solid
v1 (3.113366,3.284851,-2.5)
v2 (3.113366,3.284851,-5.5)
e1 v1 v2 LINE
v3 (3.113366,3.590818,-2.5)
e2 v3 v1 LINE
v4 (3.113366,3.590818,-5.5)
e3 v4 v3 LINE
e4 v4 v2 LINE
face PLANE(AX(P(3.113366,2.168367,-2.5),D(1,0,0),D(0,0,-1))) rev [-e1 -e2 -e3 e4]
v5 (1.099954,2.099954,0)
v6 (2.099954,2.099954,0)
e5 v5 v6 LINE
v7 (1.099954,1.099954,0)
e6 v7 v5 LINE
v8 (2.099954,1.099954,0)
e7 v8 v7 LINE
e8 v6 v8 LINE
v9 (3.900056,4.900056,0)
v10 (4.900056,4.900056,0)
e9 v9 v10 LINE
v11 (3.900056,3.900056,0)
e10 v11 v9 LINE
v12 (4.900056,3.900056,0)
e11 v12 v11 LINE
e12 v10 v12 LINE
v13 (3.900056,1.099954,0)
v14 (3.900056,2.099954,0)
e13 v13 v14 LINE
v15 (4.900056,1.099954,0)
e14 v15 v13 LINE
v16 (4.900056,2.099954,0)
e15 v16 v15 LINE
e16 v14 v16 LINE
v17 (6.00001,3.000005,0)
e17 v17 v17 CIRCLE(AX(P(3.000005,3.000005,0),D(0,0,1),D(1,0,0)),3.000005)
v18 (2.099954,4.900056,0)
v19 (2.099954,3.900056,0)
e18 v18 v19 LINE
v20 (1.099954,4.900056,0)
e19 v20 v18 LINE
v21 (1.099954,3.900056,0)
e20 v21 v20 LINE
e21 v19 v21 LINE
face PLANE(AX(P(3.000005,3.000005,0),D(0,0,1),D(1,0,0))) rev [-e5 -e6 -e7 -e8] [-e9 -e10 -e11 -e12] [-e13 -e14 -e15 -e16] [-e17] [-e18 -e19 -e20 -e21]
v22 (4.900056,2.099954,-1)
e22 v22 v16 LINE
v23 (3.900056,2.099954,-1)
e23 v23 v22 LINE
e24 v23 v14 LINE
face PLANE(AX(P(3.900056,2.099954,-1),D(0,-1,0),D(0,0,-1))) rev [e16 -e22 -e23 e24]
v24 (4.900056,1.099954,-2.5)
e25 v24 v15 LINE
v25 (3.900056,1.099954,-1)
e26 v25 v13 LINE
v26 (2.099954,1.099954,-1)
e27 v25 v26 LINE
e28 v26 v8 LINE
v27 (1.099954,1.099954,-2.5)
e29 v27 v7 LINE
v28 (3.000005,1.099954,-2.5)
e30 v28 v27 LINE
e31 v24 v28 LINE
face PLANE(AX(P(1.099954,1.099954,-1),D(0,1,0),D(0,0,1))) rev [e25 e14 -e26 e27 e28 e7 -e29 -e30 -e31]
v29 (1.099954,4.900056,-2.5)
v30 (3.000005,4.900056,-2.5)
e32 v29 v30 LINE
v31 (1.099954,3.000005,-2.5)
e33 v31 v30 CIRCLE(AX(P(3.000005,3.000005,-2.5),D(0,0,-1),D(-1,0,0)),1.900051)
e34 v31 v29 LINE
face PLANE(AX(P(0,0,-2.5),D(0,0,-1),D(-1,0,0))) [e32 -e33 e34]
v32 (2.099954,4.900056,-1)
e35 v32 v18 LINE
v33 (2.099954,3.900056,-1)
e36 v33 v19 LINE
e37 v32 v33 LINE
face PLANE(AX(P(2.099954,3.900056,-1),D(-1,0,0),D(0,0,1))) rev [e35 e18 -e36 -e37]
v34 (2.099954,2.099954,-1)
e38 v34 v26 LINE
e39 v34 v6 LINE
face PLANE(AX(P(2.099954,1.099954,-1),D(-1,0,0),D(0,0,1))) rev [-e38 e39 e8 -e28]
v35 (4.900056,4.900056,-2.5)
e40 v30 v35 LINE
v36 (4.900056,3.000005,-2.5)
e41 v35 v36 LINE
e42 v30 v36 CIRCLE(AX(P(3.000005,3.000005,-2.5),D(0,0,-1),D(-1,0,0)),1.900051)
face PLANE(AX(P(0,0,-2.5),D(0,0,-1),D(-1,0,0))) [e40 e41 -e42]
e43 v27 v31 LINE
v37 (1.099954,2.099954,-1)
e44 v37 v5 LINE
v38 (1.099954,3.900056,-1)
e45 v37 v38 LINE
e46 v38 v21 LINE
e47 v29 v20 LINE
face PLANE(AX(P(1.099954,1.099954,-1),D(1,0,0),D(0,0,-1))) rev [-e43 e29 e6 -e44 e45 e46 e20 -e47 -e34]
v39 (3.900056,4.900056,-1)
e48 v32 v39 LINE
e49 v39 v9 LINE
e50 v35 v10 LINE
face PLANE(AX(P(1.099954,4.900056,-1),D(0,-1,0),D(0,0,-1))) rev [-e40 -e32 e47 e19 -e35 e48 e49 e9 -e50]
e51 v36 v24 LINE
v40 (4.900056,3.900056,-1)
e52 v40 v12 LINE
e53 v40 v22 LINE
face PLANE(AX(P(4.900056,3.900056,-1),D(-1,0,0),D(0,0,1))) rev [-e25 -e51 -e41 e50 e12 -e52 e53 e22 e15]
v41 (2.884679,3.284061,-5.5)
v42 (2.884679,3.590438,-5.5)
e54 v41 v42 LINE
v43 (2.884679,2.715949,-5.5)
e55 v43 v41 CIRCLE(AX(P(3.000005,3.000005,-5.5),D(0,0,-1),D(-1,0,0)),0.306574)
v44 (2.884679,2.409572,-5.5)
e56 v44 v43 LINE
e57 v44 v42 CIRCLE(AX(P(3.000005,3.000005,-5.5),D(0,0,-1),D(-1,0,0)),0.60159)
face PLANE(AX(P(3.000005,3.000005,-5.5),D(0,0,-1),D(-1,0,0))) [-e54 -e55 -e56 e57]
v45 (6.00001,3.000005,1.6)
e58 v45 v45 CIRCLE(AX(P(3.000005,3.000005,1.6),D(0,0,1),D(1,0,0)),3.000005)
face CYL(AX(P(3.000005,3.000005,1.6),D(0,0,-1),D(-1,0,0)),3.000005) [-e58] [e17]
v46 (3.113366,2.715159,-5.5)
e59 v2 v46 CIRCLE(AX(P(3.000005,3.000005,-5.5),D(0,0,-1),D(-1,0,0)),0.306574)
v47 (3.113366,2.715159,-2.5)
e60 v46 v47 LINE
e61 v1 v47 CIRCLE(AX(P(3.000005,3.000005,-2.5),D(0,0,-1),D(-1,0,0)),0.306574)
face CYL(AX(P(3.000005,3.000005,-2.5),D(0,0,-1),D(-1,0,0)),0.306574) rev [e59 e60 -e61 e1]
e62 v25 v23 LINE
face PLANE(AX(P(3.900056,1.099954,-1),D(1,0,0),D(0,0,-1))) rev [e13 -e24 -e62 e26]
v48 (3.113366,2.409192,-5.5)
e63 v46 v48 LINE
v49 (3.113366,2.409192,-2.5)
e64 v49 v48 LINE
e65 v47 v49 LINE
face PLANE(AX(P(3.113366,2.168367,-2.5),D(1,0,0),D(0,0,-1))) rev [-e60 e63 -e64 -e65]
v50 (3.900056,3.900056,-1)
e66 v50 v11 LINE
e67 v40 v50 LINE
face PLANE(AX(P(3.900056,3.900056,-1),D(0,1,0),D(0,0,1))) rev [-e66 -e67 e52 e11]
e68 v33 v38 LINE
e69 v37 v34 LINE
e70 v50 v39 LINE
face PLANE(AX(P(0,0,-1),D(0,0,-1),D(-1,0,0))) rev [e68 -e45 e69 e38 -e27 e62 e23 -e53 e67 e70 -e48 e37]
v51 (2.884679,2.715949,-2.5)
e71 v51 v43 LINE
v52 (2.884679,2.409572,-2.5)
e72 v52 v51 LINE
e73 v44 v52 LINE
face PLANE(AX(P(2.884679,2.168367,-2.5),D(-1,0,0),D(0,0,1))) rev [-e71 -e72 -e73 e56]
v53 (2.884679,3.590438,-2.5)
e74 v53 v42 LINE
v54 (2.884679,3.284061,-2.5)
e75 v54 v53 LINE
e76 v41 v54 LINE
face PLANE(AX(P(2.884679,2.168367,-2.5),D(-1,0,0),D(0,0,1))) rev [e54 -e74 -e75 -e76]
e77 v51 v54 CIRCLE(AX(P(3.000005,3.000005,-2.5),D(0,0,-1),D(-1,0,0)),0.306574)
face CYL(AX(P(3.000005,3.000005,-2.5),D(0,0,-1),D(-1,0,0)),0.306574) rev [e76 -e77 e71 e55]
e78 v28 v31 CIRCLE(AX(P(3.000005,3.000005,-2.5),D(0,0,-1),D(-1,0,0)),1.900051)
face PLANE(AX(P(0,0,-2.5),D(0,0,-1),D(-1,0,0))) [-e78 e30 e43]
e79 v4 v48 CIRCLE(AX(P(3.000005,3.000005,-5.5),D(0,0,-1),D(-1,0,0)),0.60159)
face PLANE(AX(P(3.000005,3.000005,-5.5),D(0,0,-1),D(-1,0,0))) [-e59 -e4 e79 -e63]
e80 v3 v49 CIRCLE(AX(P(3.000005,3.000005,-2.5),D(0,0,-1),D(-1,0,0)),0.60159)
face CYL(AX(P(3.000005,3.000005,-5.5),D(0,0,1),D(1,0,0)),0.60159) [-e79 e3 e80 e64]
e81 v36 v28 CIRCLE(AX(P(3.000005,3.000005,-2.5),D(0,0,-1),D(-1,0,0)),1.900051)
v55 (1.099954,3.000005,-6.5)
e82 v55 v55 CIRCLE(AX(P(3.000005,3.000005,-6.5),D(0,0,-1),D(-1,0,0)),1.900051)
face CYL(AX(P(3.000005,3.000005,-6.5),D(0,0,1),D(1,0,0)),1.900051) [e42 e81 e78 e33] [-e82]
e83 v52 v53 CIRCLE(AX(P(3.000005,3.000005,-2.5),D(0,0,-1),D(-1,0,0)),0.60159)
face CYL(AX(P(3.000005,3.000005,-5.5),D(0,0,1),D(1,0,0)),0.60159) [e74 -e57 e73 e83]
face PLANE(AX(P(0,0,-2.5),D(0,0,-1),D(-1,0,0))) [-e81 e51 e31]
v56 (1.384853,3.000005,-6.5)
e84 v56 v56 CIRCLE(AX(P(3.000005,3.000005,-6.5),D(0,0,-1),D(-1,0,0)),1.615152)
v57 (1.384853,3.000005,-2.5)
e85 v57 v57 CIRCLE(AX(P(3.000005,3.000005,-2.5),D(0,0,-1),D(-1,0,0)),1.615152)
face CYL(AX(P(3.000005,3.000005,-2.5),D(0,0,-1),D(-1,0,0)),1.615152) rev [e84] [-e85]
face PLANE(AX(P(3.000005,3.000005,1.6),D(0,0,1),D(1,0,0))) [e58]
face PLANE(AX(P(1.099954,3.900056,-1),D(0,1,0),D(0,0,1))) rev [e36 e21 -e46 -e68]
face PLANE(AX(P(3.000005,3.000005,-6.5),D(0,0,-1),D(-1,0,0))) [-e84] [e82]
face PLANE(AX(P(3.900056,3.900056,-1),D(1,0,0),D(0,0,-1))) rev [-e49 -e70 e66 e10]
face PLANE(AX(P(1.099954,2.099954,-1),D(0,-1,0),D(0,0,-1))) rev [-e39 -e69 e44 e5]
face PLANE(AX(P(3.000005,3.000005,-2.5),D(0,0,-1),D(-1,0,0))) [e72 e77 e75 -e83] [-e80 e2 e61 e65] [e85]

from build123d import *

# Parameters (mm, degrees)
SKETCH_3_R          = 3.00000508
EXTRUDE_1_DEPTH     = 1.6
SKETCH_4_W          = 1
SKETCH_4_H          = 1
EXTRUDE_2_DEPTH     = 1
SKETCH_5_W          = 3.8001016
SKETCH_5_H          = 3.8001016
EXTRUDE_3_DEPTH     = 1.5
SKETCH_6_R          = 1.9000508
EXTRUDE_4_DEPTH     = 4
SKETCH_7_R          = 1.615152196
CUT_EXTRUDE_1_DEPTH = 4
SKETCH_8_R          = 0.601590178
EXTRUDE_5_DEPTH     = 3
SKETCH_9_R          = 0.306574413
CUT_EXTRUDE_2_DEPTH = 3
SKETCH_10_W         = 0.228686602
SKETCH_10_H         = 1.655690995
CUT_EXTRUDE_3_DEPTH = 3


with BuildPart() as part:
    # 草图3 → 凸台-拉伸1 (new body)
    with BuildSketch(Plane.XY):
        with Locations((3.00000508, 3.00000508)):
            Circle(SKETCH_3_R)
    extrude(amount=EXTRUDE_1_DEPTH)

    # 草图4 → 凸台-拉伸2 (add)
    with BuildSketch(Plane(origin=(0, 0, 0), x_dir=(-1, 0, 0), z_dir=(0, 0, -1))):
        with Locations((-1.59995428, 1.59995428)):
            Rectangle(SKETCH_4_W, SKETCH_4_H)
        with Locations((-1.59995428, 4.40005588)):
            Rectangle(SKETCH_4_W, SKETCH_4_H)
        with Locations((-4.40005588, 4.40005588)):
            Rectangle(SKETCH_4_W, SKETCH_4_H)
        with Locations((-4.40005588, 1.59995428)):
            Rectangle(SKETCH_4_W, SKETCH_4_H)
    extrude(amount=EXTRUDE_2_DEPTH)

    # 草图5 → 凸台-拉伸3 (add)
    with BuildSketch(Plane(origin=(0, 0, -1), x_dir=(-1, 0, 0), z_dir=(0, 0, -1))):
        with Locations((-3.00000508, 3.00000508)):
            Rectangle(SKETCH_5_W, SKETCH_5_H)
    extrude(amount=EXTRUDE_3_DEPTH)

    # 草图6 → 凸台-拉伸4 (add)
    with BuildSketch(Plane(origin=(0, 0, -2.5), x_dir=(-1, 0, 0), z_dir=(0, 0, -1))):
        with Locations((-3.00000508, 3.00000508)):
            Circle(SKETCH_6_R)
    extrude(amount=EXTRUDE_4_DEPTH)

    # 草图7 → 切除-拉伸1 (cut)
    with BuildSketch(Plane(origin=(0, 0, -6.5), x_dir=(-1, 0, 0), z_dir=(0, 0, -1))):
        with Locations((-3.00000508, 3.00000508)):
            Circle(SKETCH_7_R)
    extrude(amount=-CUT_EXTRUDE_1_DEPTH, mode=Mode.SUBTRACT)

    # 草图8 → 凸台-拉伸5 (add)
    with BuildSketch(Plane(origin=(0, 0, -2.5), x_dir=(-1, 0, 0), z_dir=(0, 0, -1))):
        with Locations((-3.00000508, 3.00000508)):
            Circle(SKETCH_8_R)
    extrude(amount=EXTRUDE_5_DEPTH)

    # 草图9 → 切除-拉伸2 (cut)
    with BuildSketch(Plane(origin=(0, 0, -5.5), x_dir=(-1, 0, 0), z_dir=(0, 0, -1))):
        with Locations((-3.00000508, 3.00000508)):
            Circle(SKETCH_9_R)
    extrude(amount=-CUT_EXTRUDE_2_DEPTH, mode=Mode.SUBTRACT)

    # 草图10 → 切除-拉伸3 (cut)
    with BuildSketch(Plane(origin=(0, 0, -5.5), x_dir=(-1, 0, 0), z_dir=(0, 0, -1))):
        with Locations((-2.999022369, 2.996212045)):
            Rectangle(SKETCH_10_W, SKETCH_10_H)
    extrude(amount=-CUT_EXTRUDE_3_DEPTH, mode=Mode.SUBTRACT)


solid = part.part
